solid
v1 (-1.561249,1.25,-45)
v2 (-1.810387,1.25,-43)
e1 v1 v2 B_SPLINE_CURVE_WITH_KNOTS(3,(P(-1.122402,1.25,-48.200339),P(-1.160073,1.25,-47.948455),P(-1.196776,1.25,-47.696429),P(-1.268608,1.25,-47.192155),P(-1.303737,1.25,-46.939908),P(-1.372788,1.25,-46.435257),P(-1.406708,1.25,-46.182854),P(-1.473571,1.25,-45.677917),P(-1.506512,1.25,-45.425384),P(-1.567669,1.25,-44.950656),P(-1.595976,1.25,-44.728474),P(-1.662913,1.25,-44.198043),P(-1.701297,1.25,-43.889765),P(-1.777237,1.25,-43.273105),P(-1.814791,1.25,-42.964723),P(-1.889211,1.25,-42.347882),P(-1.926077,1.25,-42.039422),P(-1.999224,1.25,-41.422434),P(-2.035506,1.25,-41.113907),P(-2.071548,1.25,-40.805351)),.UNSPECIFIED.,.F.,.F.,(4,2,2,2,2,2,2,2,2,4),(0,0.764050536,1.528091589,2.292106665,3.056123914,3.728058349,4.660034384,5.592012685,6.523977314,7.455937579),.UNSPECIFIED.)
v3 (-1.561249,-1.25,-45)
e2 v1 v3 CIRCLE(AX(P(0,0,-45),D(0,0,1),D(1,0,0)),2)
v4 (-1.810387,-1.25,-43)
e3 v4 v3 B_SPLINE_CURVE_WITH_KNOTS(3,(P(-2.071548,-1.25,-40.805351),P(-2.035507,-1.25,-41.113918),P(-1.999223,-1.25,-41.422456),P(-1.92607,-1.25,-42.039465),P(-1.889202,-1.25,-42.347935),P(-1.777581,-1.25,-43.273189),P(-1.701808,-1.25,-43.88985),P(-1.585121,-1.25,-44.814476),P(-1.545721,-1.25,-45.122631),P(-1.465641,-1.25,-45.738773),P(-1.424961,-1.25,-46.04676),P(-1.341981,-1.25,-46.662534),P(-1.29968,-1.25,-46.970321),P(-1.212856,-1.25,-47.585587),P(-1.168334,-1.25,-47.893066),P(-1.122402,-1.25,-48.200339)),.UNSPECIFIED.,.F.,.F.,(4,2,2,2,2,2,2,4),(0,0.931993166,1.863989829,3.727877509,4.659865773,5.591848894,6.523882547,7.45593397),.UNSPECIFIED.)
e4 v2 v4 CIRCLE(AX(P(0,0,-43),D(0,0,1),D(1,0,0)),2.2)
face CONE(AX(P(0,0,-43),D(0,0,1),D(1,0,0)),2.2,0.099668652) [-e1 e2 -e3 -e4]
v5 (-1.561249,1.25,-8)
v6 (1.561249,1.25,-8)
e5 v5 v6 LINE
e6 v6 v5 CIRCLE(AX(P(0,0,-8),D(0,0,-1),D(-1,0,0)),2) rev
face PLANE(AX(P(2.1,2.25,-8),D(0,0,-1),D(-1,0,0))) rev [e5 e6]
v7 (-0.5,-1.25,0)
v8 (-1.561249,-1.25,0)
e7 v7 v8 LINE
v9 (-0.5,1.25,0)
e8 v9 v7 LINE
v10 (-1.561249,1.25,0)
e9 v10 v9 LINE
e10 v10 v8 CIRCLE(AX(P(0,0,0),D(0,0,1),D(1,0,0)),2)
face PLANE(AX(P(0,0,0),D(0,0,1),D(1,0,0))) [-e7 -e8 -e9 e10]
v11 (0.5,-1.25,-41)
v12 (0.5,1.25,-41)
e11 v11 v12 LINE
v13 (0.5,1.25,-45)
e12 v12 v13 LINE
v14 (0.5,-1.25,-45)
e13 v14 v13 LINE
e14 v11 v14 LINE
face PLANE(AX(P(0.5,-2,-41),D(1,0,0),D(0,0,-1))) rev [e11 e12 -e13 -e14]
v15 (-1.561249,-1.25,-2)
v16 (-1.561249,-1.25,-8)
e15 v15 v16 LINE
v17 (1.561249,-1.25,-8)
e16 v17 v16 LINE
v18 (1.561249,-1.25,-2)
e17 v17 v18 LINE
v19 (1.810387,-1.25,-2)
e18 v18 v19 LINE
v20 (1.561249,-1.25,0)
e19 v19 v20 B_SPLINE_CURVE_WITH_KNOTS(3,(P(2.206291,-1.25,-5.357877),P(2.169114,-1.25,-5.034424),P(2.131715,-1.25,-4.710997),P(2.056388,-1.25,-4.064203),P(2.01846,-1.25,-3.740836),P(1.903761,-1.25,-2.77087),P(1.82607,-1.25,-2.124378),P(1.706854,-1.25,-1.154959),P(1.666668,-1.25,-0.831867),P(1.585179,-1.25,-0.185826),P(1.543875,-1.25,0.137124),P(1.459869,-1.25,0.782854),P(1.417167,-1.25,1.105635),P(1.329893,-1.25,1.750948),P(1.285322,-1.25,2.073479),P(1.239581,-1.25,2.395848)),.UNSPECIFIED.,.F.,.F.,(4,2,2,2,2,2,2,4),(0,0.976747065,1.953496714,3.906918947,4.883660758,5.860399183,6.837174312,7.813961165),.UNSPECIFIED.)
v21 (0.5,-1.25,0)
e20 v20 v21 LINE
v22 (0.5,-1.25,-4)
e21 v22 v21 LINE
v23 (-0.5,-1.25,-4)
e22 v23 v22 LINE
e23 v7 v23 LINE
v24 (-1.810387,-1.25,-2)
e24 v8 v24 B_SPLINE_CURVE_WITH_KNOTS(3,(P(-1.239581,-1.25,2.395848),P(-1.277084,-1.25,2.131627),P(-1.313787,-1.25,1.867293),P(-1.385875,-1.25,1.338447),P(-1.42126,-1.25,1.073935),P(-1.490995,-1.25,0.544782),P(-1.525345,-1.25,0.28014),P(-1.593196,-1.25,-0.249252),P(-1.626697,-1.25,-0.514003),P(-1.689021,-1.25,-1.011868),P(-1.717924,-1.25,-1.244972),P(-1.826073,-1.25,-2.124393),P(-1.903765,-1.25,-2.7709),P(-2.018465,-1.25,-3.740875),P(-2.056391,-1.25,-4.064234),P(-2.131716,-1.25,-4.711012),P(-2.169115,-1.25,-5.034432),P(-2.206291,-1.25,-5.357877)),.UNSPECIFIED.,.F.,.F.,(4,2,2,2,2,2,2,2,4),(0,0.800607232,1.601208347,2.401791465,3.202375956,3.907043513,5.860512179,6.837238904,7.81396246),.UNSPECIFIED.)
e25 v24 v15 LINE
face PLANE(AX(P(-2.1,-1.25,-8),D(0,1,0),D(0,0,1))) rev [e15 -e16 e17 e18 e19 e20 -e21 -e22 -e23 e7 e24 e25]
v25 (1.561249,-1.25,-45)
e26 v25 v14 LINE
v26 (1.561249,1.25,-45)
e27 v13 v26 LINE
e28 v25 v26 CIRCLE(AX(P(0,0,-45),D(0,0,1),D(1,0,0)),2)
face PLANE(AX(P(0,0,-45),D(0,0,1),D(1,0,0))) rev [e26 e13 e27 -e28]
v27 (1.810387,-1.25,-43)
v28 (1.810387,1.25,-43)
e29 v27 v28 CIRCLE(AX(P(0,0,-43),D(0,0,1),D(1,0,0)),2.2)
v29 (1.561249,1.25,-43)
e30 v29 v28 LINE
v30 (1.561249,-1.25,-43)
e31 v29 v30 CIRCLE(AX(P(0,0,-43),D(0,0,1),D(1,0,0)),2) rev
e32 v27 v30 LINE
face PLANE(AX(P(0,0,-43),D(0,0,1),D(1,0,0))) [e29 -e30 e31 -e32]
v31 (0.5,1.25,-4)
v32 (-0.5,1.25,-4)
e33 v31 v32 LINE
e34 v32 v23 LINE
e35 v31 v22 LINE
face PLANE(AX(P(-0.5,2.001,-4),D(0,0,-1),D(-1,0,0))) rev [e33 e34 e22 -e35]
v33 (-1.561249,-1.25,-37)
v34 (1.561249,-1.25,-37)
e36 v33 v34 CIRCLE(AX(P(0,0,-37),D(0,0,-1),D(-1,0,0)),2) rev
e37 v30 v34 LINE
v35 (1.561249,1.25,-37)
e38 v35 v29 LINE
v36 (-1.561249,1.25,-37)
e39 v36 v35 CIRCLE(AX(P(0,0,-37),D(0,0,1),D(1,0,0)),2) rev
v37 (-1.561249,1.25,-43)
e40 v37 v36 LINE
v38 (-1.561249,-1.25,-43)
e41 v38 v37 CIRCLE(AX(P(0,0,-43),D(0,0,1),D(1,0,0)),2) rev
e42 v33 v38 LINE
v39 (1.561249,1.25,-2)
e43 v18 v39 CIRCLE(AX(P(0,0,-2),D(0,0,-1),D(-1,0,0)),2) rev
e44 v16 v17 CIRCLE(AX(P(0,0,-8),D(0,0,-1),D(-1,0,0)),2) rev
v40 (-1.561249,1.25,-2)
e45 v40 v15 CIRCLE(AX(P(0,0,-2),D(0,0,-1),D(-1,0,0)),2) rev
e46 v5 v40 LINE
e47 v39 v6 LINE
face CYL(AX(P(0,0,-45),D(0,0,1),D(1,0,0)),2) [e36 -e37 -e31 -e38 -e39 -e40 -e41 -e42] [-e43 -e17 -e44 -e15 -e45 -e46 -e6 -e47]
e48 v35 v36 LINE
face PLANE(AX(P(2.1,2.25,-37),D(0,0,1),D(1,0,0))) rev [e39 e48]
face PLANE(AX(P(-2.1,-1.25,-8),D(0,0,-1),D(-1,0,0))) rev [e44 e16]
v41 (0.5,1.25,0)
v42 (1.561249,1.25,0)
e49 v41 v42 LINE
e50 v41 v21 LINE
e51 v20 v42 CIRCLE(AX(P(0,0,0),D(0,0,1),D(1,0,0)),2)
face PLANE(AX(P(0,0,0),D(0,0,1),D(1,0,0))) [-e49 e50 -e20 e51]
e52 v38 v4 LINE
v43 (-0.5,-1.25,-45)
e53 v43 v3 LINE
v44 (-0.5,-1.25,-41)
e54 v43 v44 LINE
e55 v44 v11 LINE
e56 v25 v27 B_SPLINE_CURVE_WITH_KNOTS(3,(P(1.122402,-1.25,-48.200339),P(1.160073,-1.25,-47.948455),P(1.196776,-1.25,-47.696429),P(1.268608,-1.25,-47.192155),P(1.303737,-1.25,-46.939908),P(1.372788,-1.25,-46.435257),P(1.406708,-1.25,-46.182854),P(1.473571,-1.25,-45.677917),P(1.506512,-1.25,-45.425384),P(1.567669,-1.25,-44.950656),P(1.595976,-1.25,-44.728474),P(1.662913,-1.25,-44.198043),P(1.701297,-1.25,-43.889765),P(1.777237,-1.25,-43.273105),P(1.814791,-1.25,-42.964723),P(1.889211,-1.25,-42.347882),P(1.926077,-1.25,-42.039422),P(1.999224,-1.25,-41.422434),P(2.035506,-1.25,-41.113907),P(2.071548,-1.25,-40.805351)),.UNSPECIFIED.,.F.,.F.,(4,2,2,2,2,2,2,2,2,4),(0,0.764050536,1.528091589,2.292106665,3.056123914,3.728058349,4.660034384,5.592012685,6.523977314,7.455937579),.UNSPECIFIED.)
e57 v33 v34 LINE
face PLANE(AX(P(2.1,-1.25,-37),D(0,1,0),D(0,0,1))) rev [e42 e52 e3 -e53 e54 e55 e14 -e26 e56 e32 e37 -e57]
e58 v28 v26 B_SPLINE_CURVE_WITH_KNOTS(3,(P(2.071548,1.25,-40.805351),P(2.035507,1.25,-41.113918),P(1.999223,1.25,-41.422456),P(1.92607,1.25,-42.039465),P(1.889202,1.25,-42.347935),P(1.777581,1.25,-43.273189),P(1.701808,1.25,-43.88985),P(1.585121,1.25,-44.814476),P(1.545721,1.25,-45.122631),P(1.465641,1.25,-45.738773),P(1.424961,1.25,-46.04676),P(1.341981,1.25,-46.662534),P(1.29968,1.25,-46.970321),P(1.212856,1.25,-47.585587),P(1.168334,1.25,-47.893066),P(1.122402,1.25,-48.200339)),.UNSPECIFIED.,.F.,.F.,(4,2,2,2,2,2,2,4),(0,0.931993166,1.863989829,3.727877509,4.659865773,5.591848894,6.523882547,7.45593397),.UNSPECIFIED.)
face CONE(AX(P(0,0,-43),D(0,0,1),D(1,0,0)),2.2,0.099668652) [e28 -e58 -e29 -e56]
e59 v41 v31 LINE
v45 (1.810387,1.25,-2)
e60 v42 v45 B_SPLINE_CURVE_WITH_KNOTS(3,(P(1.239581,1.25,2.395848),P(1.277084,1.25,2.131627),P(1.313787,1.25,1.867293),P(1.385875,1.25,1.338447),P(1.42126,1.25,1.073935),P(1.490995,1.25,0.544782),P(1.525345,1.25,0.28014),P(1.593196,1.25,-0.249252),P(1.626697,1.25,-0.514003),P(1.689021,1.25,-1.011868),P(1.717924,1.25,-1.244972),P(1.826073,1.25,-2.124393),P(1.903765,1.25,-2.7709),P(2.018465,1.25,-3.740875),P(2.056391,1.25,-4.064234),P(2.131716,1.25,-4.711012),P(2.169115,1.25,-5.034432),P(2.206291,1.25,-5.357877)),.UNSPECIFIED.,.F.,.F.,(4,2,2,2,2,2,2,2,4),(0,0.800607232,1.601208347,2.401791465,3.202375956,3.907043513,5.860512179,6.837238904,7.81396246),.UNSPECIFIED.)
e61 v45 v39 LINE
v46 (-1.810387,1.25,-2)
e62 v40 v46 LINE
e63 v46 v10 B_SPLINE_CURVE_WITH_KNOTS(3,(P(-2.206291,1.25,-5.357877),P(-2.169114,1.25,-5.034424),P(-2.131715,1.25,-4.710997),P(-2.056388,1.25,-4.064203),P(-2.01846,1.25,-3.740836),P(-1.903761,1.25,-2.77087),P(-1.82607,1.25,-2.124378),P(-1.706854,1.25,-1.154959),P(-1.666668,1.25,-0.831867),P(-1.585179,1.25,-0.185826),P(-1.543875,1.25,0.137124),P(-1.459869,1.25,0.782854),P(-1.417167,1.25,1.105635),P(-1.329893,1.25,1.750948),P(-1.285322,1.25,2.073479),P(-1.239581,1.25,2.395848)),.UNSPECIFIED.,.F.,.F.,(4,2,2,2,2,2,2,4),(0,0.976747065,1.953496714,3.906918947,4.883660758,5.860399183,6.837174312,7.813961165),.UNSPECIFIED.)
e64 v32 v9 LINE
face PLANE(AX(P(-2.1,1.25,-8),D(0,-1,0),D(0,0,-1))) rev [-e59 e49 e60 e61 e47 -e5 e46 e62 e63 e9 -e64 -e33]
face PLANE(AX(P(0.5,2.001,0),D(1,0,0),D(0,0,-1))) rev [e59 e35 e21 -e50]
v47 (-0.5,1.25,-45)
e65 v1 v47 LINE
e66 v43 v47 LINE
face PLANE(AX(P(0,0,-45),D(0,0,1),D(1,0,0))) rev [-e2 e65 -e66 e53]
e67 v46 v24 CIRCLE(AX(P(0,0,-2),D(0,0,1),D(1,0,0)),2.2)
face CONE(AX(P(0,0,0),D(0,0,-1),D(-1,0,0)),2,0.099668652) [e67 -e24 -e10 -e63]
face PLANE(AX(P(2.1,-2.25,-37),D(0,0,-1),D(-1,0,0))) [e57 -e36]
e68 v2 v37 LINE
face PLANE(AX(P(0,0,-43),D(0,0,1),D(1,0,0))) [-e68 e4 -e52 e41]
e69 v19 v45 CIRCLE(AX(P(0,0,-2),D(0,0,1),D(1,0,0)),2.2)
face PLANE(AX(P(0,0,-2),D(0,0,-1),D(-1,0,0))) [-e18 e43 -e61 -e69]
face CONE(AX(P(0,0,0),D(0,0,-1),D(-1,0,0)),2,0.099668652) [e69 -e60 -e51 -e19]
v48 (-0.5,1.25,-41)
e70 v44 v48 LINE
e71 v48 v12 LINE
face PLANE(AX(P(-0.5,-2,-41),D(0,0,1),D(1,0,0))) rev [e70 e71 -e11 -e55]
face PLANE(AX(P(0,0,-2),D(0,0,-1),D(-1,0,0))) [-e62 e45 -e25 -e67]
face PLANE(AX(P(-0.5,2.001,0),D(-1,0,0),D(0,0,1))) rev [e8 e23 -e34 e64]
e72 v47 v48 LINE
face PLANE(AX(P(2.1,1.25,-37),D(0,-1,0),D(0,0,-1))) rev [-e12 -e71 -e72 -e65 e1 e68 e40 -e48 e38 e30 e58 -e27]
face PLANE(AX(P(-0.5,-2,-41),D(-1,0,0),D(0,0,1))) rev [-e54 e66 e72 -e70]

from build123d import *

# Parameters (mm, degrees)
SKETCH_1_R          = 2
EXTRUDE_1_DEPTH     = 45
SKETCH_3_W          = 4.2
SKETCH_3_H          = 1
CUT_EXTRUDE_1_DEPTH = 8
CUT_EXTRUDE_2_REACH = 47.171
SKETCH_4_W          = 1
SKETCH_4_H          = 4
SKETCH_6_W          = 4.2
SKETCH_6_H          = 1
CUT_EXTRUDE_3_DEPTH = 8
SKETCH_7_W          = 1
SKETCH_7_H          = 4
CUT_EXTRUDE_4_DEPTH = 46.170814693


with BuildPart() as part:
    # 草图1 → 凸台-拉伸1 (new body)
    with BuildSketch(Plane.XY):
        Circle(SKETCH_1_R)
    extrude(amount=-EXTRUDE_1_DEPTH)

    # 草图2 → 旋转1 (revolve)
    with BuildSketch(Plane(origin=(0, 0, 0), x_dir=(1, 0, 0), z_dir=(0, 1, 0))):
        Polygon((0, 0), (0, 2), (2.2, 2), (2, 0), align=None)
    revolve(axis=Axis((0, 0, 0), (0, 0, -1)))

    # 草图3 → 切除-拉伸1 (cut)
    with BuildSketch(Plane.XY):
        with Locations((0, 1.75)):
            Rectangle(SKETCH_3_W, SKETCH_3_H)
        with Locations((0, -1.75)):
            Rectangle(SKETCH_3_W, SKETCH_3_H)
    extrude(amount=-CUT_EXTRUDE_1_DEPTH, mode=Mode.SUBTRACT)

    # 草图4 → 切除-拉伸2 (cut, up to next)
    with BuildSketch(Plane.XZ.offset(1.25), mode=Mode.PRIVATE) as cut_extrude_2_sk1:
        with Locations((0, -2)):
            Rectangle(SKETCH_4_W, SKETCH_4_H)
    cut_extrude_2_tool1 = extrude(cut_extrude_2_sk1.sketch, amount=-CUT_EXTRUDE_2_REACH, mode=Mode.PRIVATE) & part.part
    add(cut_extrude_2_tool1.solids().sort_by_distance((0, -1.25, -2))[0], mode=Mode.SUBTRACT)

    # 草图5 → 旋转2 (revolve)
    with BuildSketch(Plane(origin=(0, 0, 0), x_dir=(1, 0, 0), z_dir=(0, 1, 0))):
        Polygon((0, 45), (0, 43), (2.2, 43), (2, 45), align=None)
    revolve(axis=Axis((0, 0, -58.137689197), (0, 0, -1)))

    # 草图6 → 切除-拉伸3 (cut)
    with BuildSketch(Plane(origin=(0, 0, -45), x_dir=(-1, 0, 0), z_dir=(0, 0, -1))):
        with Locations((0, 1.75)):
            Rectangle(SKETCH_6_W, SKETCH_6_H)
        with Locations((0, -1.75)):
            Rectangle(SKETCH_6_W, SKETCH_6_H)
    extrude(amount=-CUT_EXTRUDE_3_DEPTH, mode=Mode.SUBTRACT)

    # 草图7 → 切除-拉伸4 (cut, through all)
    with BuildSketch(Plane(origin=(0, 1.25, 0), x_dir=(1, 0, 0), z_dir=(0, 1, 0))):
        with Locations((0, 43)):
            Rectangle(SKETCH_7_W, SKETCH_7_H)
    extrude(amount=-CUT_EXTRUDE_4_DEPTH, mode=Mode.SUBTRACT)


solid = part.part
